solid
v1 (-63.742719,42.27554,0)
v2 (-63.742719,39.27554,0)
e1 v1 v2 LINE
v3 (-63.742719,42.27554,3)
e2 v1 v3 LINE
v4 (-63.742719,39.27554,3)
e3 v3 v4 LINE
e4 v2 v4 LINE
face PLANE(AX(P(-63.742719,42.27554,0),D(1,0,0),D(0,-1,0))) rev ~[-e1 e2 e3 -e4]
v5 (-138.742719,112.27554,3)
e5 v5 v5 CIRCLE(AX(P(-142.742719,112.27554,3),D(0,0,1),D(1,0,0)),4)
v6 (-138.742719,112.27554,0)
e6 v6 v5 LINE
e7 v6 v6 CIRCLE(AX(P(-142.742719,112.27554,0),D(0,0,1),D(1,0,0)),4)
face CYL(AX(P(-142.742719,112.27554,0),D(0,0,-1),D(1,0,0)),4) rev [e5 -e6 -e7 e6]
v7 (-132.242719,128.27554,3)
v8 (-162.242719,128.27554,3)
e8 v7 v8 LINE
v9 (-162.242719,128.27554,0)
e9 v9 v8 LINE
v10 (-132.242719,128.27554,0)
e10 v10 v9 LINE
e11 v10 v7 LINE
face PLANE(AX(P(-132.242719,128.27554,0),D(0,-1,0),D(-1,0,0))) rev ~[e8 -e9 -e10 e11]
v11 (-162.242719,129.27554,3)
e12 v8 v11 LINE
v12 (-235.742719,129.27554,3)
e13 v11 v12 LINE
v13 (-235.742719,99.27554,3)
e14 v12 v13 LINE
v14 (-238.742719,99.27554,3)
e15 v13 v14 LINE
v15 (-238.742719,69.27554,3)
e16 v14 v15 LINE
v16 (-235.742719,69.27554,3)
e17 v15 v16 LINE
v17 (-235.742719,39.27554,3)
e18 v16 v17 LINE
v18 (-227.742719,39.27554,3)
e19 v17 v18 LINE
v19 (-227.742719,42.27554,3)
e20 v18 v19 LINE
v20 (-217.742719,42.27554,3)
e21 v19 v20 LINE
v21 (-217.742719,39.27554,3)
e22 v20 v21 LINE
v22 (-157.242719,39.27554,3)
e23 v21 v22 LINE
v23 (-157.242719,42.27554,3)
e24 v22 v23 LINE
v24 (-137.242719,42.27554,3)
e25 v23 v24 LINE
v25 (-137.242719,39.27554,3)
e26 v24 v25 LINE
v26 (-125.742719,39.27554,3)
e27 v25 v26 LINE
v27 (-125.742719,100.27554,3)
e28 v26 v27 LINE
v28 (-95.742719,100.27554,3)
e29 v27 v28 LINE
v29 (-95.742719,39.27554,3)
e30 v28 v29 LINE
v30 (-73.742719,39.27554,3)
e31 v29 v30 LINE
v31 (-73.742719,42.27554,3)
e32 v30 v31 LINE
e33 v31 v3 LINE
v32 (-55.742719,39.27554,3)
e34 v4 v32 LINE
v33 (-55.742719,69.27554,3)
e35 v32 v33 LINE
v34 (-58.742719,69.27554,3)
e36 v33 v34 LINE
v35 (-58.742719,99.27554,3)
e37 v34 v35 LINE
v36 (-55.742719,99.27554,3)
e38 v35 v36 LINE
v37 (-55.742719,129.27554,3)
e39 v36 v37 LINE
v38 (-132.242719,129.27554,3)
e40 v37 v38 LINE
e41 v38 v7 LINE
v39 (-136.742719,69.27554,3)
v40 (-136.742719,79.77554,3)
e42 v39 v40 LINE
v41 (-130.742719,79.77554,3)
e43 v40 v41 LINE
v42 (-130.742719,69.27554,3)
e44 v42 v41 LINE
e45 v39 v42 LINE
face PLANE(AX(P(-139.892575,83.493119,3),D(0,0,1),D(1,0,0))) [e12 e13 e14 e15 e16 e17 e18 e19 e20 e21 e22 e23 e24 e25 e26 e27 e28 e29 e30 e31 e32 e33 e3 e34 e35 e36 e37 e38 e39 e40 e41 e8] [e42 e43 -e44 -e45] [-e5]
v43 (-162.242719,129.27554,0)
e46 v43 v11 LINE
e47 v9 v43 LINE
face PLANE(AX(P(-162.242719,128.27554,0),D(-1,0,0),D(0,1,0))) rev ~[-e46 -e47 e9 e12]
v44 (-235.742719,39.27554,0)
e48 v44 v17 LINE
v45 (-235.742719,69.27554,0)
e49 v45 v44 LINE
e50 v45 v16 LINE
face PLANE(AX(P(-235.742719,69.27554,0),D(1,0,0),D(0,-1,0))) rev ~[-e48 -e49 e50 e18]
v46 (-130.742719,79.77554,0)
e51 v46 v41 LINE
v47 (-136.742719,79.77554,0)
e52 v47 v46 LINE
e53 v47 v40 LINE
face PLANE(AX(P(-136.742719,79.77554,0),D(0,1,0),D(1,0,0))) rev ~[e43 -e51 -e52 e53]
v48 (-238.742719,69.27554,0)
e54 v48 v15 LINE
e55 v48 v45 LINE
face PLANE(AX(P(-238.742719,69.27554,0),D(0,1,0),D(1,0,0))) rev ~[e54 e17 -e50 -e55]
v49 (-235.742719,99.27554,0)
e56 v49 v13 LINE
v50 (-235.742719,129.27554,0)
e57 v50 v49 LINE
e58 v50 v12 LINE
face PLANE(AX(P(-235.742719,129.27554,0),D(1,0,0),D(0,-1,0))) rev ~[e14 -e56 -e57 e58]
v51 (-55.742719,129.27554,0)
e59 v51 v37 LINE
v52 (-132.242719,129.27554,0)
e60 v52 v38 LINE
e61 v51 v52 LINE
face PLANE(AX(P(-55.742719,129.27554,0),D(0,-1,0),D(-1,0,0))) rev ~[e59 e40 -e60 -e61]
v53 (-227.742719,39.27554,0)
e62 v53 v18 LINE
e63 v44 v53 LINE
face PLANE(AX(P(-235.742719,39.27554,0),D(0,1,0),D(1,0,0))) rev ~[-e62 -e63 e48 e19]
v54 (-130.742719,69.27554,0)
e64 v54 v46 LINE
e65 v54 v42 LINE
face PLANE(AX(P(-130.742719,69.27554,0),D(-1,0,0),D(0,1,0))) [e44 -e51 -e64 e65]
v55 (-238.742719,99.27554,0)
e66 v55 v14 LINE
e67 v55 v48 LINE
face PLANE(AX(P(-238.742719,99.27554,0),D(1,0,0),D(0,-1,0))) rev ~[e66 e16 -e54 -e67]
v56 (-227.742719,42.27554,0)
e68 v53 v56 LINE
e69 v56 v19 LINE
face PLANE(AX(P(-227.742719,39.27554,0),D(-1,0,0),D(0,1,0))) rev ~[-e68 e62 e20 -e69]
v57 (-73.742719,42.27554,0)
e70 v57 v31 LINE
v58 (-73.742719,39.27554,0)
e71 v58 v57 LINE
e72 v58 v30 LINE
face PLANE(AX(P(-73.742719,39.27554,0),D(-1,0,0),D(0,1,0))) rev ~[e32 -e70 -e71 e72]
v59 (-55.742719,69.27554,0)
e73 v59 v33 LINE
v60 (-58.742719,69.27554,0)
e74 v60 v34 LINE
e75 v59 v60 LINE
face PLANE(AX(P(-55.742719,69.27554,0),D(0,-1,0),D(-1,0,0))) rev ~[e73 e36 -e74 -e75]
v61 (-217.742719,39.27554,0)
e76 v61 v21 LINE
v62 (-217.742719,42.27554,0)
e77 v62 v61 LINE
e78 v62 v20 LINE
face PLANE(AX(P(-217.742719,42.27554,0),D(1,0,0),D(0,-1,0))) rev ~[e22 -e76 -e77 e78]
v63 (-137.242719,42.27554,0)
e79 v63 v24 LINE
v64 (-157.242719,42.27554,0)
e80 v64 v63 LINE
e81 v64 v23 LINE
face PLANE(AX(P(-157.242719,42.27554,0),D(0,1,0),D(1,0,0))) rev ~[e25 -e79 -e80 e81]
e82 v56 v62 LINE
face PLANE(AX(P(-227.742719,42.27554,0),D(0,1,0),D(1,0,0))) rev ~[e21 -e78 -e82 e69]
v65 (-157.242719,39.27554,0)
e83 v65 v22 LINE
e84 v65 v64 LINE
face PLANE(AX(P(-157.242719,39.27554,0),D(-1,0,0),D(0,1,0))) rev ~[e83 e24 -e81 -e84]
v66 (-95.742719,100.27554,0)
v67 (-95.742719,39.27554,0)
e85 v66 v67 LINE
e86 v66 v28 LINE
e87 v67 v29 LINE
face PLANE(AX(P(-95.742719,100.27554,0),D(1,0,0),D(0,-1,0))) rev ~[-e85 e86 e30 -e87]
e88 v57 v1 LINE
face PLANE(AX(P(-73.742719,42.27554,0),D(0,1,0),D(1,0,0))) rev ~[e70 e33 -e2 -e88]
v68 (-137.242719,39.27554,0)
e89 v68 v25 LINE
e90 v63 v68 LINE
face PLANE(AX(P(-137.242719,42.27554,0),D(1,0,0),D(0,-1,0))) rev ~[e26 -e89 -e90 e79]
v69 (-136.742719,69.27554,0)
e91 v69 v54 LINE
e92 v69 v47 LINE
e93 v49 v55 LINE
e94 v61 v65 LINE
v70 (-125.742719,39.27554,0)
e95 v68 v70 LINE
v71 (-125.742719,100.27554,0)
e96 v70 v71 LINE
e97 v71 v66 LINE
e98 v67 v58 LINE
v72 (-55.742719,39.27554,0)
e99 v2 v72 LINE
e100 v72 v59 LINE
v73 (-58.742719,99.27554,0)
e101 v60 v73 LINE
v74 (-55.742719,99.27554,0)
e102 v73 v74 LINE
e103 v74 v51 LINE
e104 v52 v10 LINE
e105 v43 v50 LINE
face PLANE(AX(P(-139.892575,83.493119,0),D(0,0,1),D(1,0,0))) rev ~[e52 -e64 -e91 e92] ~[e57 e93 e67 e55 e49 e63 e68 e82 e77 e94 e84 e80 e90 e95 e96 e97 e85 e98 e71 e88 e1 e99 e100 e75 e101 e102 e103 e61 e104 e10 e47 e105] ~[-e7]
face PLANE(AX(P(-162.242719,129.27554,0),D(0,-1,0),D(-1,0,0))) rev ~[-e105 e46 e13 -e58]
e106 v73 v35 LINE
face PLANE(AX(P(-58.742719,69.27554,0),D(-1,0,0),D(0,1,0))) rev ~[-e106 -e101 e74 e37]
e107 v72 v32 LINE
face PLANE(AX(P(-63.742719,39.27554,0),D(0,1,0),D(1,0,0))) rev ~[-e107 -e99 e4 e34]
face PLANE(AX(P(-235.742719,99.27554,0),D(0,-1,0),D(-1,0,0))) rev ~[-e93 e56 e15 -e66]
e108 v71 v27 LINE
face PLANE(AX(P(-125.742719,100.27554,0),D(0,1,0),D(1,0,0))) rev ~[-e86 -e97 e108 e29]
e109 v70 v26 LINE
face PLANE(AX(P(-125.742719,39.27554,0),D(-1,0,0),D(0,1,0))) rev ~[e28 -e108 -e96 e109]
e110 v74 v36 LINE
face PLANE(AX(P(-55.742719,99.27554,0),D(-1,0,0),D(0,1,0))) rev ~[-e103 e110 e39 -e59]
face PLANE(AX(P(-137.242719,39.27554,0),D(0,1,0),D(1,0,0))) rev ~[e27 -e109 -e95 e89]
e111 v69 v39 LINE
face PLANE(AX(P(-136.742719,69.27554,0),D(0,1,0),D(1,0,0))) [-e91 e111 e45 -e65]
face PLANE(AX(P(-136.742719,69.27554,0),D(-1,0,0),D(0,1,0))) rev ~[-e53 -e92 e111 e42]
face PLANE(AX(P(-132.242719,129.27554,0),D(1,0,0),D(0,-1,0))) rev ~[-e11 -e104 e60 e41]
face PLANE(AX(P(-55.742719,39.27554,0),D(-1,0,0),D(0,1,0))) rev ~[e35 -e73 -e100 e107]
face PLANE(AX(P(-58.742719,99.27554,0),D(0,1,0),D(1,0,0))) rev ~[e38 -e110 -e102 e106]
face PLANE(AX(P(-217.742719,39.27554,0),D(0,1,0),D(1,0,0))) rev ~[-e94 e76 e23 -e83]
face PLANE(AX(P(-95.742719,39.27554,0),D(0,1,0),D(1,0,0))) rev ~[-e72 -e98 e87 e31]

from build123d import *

# Parameters (mm, degrees)
MODEL_R             = 4
MODEL_W             = 6
MODEL_H             = 10.5
BOSS_EXTRUDE1_DEPTH = 3


with BuildPart() as part:
    # Model → Boss-Extrude1 (new body)
    with BuildSketch(Plane.XY):
        Polygon((-215.742718731, 39.275539879), (-157.242718731, 39.275539879), (-157.242718731, 42.275539879), (-137.242718731, 42.275539879), (-137.242718731, 39.275539879), (-125.742718731, 39.275539879), (-125.742718731, 100.275539879), (-95.742718731, 100.275539879), (-95.742718731, 39.275539879), (-73.742718731, 39.275539879), (-73.742718731, 42.275539879), (-63.742718731, 42.275539879), (-63.742718731, 39.275539879), (-55.742718731, 39.275539879), (-55.742718731, 69.275539879), (-58.742718731, 69.275539879), (-58.742718731, 99.275539879), (-55.742718731, 99.275539879), (-55.742718731, 129.275539879), (-132.242718731, 129.275539879), (-132.242718731, 128.275539879), (-162.242718731, 128.275539879), (-162.242718731, 129.275539879), (-235.742718731, 129.275539879), (-235.742718731, 99.275539879), (-238.742718731, 99.275539879), (-238.742718731, 69.275539879), (-235.742718731, 69.275539879), (-235.742718731, 39.275539879), (-227.742718731, 39.275539879), (-227.742718731, 42.275539879), (-217.742718731, 42.275539879), (-217.742718731, 39.275539879), align=None)
        with Locations((-142.742718731, 112.275539879)):
            Circle(MODEL_R, mode=Mode.SUBTRACT)
        with Locations((-133.742718731, 74.525539879)):
            Rectangle(MODEL_W, MODEL_H, mode=Mode.SUBTRACT)
    extrude(amount=BOSS_EXTRUDE1_DEPTH)


solid = part.part
